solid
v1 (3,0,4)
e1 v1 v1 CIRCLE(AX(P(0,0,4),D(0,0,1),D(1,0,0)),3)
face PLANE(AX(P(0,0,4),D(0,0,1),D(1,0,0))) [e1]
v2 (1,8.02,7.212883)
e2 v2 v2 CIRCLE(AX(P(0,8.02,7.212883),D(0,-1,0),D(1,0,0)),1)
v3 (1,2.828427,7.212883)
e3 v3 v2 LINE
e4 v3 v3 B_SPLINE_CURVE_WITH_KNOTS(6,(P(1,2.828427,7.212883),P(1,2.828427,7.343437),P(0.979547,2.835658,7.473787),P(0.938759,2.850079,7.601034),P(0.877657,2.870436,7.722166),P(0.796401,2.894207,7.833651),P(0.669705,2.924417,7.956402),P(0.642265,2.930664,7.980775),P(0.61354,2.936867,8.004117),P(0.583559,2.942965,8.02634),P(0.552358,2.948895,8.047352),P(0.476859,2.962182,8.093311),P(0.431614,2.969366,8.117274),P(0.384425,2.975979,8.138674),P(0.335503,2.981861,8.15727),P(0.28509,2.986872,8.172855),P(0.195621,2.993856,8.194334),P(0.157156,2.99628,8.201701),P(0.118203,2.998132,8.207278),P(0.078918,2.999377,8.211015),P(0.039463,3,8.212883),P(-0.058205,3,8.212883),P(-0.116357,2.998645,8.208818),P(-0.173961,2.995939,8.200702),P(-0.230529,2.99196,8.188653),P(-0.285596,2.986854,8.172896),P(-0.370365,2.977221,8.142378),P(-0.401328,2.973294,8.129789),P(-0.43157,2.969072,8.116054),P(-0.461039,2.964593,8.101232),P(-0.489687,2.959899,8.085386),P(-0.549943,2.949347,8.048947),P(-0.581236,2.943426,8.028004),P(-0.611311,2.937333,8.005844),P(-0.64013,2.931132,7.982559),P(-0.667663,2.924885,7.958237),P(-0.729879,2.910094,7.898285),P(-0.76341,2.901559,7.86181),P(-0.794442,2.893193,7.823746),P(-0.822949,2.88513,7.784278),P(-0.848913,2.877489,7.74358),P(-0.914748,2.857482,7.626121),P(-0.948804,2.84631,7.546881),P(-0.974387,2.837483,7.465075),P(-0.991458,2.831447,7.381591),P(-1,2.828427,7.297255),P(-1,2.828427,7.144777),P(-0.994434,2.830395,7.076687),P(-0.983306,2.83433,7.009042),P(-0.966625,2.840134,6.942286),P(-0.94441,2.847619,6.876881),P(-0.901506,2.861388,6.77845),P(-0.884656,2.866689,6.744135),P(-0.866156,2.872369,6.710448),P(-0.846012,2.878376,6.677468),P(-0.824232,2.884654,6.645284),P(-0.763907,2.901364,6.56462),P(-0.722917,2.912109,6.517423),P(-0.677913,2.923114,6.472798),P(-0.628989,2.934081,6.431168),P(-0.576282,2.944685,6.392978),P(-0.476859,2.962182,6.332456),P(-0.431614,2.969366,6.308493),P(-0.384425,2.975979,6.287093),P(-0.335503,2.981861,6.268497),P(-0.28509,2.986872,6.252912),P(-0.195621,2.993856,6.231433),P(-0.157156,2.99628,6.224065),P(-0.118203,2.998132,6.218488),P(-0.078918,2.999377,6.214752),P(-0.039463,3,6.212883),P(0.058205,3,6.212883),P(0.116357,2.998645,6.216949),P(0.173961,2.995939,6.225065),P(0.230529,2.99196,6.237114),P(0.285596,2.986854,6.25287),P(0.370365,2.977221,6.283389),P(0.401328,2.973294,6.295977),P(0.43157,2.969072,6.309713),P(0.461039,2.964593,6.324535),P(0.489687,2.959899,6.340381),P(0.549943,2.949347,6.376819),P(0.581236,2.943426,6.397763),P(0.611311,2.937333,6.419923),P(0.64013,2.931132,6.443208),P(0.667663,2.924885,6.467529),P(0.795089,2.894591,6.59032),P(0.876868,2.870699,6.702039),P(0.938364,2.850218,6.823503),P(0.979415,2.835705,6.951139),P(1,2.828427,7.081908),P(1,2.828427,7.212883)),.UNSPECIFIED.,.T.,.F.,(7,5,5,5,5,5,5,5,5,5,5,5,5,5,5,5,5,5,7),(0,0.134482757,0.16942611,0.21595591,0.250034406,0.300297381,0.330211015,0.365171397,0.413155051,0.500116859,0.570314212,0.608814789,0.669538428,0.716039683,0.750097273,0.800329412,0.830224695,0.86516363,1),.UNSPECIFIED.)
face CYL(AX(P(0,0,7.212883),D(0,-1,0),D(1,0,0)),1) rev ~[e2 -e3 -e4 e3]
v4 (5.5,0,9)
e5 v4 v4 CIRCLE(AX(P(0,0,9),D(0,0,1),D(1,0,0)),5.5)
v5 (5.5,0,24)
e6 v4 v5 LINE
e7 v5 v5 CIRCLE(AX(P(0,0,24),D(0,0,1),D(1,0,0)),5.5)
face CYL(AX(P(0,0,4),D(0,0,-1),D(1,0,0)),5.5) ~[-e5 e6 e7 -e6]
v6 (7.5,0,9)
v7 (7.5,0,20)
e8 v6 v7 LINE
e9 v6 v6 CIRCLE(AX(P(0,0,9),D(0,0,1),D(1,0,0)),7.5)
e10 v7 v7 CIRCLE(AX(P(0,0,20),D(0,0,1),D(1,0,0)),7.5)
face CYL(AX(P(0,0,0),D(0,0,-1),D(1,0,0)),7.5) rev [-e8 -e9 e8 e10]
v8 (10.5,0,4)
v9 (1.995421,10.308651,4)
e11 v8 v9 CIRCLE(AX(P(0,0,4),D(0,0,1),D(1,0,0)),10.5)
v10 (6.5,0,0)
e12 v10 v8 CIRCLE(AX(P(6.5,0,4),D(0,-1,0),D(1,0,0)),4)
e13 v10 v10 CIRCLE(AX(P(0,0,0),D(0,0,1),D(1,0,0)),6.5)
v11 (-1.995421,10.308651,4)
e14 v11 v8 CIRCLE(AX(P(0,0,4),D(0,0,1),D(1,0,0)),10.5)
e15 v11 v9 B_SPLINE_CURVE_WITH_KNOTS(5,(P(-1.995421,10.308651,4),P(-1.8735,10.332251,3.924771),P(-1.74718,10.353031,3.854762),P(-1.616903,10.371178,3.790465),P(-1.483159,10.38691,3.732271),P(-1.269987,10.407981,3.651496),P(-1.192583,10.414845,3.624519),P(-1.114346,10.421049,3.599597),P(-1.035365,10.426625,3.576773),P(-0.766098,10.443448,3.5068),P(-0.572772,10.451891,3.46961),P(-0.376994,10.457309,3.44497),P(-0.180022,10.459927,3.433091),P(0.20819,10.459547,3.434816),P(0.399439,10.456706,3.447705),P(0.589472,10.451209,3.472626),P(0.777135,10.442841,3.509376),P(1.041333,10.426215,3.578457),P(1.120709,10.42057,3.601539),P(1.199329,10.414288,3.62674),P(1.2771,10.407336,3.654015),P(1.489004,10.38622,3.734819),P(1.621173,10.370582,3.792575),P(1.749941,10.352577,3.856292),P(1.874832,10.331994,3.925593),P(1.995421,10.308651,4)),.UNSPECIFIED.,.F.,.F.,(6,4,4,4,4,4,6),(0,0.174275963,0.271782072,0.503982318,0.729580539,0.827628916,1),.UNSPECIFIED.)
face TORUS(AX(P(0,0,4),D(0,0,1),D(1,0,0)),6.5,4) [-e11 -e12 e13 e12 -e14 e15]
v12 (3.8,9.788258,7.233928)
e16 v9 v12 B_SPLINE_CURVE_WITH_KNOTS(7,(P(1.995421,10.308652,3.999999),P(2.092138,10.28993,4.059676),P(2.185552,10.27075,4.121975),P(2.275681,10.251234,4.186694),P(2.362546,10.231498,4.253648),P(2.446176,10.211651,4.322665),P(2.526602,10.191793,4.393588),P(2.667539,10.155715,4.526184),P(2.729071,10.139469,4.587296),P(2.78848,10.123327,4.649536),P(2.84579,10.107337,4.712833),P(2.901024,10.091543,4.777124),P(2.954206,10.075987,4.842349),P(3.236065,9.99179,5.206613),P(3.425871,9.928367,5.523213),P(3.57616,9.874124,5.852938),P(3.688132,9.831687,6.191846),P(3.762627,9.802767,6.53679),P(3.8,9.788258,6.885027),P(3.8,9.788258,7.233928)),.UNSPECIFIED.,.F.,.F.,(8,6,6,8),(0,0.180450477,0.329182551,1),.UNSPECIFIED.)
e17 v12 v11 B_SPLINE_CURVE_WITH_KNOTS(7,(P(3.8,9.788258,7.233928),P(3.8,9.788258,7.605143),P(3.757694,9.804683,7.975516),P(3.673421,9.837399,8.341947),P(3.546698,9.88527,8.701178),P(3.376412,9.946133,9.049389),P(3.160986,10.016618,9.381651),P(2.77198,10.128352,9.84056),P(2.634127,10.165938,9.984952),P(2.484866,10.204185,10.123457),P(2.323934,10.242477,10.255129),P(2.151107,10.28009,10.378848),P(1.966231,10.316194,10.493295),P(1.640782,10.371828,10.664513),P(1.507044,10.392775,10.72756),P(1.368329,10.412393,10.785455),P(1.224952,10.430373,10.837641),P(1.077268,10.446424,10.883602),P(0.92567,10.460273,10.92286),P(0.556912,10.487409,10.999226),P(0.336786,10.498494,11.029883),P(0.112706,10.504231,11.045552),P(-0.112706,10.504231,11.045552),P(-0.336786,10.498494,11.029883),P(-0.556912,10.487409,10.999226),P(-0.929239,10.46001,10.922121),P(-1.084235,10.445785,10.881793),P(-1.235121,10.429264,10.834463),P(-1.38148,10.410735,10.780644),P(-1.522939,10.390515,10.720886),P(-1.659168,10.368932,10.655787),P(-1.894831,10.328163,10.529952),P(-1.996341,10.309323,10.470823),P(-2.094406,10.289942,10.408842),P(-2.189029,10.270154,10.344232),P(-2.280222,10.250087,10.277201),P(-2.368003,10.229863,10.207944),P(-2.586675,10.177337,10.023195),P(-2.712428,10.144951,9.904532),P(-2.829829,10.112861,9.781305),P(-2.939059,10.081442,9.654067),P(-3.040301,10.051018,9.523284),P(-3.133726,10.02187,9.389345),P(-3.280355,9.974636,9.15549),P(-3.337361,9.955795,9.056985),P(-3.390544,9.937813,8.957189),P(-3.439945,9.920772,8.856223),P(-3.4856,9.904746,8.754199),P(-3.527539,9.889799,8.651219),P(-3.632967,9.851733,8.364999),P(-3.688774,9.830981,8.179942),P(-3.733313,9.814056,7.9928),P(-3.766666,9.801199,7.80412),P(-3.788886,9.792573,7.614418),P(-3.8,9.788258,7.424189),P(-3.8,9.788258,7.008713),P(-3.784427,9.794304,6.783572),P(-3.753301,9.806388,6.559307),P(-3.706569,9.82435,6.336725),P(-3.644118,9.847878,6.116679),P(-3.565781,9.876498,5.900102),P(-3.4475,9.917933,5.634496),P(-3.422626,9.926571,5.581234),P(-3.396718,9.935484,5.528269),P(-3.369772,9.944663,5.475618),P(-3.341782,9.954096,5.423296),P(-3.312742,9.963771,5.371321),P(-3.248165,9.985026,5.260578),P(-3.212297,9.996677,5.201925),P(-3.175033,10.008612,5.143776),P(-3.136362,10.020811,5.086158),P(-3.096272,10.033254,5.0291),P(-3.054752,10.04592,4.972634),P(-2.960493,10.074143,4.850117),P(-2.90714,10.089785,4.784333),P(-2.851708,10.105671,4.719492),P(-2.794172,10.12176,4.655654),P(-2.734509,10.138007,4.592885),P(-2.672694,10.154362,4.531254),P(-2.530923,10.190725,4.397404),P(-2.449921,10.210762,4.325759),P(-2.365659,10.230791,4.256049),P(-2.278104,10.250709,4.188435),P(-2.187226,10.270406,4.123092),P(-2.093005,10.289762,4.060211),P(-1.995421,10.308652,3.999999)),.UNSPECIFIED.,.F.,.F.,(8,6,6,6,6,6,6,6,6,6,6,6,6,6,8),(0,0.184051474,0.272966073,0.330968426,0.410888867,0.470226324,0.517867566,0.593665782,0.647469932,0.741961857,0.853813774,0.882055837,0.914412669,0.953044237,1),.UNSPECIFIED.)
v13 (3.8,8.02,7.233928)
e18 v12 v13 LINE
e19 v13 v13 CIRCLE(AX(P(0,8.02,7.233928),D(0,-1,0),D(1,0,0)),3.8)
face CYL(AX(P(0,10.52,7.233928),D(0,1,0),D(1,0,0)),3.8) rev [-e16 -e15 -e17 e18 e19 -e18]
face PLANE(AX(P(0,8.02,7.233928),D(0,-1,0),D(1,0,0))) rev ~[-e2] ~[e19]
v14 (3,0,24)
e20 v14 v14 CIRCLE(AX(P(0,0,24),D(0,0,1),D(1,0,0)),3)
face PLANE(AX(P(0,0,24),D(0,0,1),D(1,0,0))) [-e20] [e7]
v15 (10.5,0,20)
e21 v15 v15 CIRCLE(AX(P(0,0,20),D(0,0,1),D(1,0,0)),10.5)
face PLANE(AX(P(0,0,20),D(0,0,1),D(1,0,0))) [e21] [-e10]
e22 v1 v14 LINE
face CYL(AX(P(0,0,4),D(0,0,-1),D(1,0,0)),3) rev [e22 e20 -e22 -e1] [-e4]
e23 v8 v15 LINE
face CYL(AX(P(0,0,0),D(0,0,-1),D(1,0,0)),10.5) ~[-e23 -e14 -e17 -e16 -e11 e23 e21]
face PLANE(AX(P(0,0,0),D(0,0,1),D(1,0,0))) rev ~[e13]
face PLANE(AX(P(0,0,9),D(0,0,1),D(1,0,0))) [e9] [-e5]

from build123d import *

# Parameters (mm, degrees)
F0_R      = 10.5
F0_R_2    = 7.5
F1_DEPTH  = 20
F2_DEPTH  = 4
F3_R      = 4
F4_R      = 5.5
F4_R_2    = 3
F5_DEPTH  = 20
F6_DEPTH  = 5
F7_R      = 1
F8_DEPTH  = 25
F10_R     = 3.8
F11_DEPTH = 2.5


with BuildPart() as f1:
    # F0 (on Top) → F1 (new body)
    with BuildSketch(Plane.XY):
        Circle(F0_R)
        Circle(F0_R_2, mode=Mode.SUBTRACT)
    extrude(amount=F1_DEPTH)

    # F0 (on Top) → F2 (join)
    with BuildSketch(Plane.XY):
        Circle(F0_R_2)
    extrude(amount=F2_DEPTH)

    # F3
    f3_edges = [f1.edges().sort_by_distance(p)[0] for p in [
        (-10.5, 0, 0),
    ]]
    fillet(f3_edges, radius=F3_R)

    # F4 (on face) → F5 (join)
    with BuildSketch(Plane.XY.offset(4)):
        Circle(F4_R)
        Circle(F4_R_2, mode=Mode.SUBTRACT)
    extrude(amount=F5_DEPTH)

    # F6 (add): a face of the model
    f6_faces = [f1.faces().sort_by_distance(p)[0] for p in [
        (-7.2878679656, 0, 4),
    ]]
    extrude(f6_faces, amount=F6_DEPTH)

    # F7 (on Front) → F8 (cut)
    with BuildSketch(Plane.XZ):
        with Locations((0, 7.2128833695)):
            Circle(F7_R)
    extrude(amount=-F8_DEPTH, mode=Mode.SUBTRACT)

    # F10 (on offset) → F11 (cut)
    with BuildSketch(Plane.XZ.offset(-10.52)):
        with Locations((0, 7.2339284234)):
            Circle(F10_R)
    extrude(amount=F11_DEPTH, mode=Mode.SUBTRACT)


solid = f1.part
